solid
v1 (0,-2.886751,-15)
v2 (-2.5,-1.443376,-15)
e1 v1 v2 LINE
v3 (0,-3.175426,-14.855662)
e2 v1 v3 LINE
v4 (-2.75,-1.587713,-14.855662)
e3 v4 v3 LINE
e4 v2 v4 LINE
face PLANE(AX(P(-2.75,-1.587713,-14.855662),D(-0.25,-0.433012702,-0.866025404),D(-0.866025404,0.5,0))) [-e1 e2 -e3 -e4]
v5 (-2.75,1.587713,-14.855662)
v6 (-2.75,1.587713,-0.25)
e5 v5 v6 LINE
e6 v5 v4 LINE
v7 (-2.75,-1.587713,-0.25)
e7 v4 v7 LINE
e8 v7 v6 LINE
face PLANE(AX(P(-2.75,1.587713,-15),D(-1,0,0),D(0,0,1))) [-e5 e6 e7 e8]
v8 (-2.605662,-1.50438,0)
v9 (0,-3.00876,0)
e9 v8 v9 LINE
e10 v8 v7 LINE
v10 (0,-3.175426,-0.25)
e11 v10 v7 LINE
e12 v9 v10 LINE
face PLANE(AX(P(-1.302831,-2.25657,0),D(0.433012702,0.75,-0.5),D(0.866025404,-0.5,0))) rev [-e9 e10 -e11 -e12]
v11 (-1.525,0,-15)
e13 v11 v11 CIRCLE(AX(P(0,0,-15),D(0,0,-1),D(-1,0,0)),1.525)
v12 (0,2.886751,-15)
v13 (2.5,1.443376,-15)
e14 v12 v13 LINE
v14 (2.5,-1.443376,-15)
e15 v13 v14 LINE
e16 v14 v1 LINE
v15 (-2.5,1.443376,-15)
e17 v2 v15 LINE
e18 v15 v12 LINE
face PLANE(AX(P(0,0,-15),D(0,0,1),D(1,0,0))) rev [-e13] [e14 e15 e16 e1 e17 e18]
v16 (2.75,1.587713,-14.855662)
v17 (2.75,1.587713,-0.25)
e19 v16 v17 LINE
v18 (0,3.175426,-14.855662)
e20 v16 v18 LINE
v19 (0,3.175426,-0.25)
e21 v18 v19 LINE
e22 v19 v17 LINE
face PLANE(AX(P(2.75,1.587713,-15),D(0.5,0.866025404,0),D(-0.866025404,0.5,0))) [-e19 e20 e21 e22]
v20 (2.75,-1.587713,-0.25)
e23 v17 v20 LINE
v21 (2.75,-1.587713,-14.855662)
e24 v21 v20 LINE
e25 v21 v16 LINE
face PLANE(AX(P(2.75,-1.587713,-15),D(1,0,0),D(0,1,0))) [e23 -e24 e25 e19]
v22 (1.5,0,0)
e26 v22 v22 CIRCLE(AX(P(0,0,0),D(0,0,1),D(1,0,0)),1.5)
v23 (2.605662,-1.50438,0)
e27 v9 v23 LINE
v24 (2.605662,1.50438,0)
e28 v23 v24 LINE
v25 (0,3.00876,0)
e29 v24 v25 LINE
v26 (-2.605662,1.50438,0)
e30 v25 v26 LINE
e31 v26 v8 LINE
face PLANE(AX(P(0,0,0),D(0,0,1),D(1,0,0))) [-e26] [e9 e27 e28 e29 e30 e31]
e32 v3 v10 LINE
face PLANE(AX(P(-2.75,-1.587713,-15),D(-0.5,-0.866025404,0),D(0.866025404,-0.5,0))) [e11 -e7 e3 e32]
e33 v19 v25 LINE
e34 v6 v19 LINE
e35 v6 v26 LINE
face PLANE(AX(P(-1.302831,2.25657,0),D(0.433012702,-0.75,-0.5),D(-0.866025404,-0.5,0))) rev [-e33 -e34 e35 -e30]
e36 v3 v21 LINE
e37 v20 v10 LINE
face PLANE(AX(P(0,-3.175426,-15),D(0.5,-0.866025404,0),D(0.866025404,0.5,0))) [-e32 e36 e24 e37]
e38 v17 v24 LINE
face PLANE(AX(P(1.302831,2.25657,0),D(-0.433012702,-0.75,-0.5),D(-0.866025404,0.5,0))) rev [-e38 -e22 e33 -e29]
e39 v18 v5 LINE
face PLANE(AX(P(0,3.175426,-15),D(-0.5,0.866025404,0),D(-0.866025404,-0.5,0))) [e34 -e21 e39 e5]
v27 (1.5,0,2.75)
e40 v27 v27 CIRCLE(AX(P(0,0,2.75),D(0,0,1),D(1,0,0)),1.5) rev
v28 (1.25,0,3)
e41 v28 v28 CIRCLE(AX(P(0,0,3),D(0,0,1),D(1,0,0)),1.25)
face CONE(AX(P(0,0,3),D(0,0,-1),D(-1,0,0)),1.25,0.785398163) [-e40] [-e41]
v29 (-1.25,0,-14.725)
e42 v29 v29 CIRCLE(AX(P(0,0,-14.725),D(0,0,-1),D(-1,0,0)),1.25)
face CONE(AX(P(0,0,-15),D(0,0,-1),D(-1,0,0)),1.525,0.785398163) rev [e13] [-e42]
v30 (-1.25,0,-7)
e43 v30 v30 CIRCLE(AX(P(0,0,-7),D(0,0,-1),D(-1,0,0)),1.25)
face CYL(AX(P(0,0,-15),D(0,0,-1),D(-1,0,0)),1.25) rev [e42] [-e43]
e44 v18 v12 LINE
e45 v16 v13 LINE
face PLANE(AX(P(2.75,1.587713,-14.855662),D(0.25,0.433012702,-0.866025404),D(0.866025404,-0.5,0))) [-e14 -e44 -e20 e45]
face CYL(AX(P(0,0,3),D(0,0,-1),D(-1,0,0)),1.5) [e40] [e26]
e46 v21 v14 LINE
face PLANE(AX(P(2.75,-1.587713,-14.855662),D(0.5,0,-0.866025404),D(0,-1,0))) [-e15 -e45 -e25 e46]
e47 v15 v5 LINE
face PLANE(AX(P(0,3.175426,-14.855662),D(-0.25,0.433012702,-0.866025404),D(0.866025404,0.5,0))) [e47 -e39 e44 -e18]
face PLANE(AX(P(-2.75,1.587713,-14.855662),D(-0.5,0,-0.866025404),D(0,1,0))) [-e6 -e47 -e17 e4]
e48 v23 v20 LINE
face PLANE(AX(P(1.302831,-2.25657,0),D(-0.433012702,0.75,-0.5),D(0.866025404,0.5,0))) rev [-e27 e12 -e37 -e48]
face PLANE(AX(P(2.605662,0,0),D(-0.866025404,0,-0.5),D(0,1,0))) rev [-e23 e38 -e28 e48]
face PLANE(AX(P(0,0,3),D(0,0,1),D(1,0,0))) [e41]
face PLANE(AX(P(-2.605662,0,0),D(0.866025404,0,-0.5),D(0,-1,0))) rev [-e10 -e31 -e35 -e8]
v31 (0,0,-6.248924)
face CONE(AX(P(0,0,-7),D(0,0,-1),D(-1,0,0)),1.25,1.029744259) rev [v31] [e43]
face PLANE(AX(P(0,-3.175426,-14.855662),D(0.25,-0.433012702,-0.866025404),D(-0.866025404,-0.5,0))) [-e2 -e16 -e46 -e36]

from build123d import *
from OCP.BRepFilletAPI import BRepFilletAPI_MakeChamfer

# Parameters (mm, degrees)
EXTRUDE_1_DEPTH      = 15
M3X0_5_1_D           = 2.5
M3X0_5_1_DEPTH       = 8
M3X0_5_1_CSINK_D     = 3.05
M3X0_5_1_CSINK_ANGLE = 90
M3X0_5_1_TIP         = 0.751075774
SKETCH_4_R           = 1.5
EXTRUDE_2_DEPTH      = 3
CHAMFER_1_SIZE       = 0.25
CHAMFER_2_SIZE       = 0.25
CHAMFER_2_SIZE2      = 0.144337567


with BuildPart() as part:
    # ｽｹｯﾁ1 → ﾎﾞｽ - 押し出し1 (new body)
    with BuildSketch(Plane.XY):
        Polygon((-2.75, 1.58771324), (-2.75, -1.58771324), (0, -3.175426481), (2.75, -1.58771324), (2.75, 1.58771324), (0, 3.175426481), align=None)
    extrude(amount=-EXTRUDE_1_DEPTH)

    # M3x0.5 ねじ穴1
    with Locations(Plane(origin=(0, 0, -15), x_dir=(-1, 0, 0), z_dir=(0, 0, -1))):
        with Locations((0, 0)):
            CounterSinkHole(M3X0_5_1_D / 2, M3X0_5_1_CSINK_D / 2, depth=M3X0_5_1_DEPTH, counter_sink_angle=M3X0_5_1_CSINK_ANGLE)
            with Locations((0, 0, -(M3X0_5_1_DEPTH + M3X0_5_1_TIP / 2))):  # 118° drill point
                Cone(0, M3X0_5_1_D / 2, M3X0_5_1_TIP, mode=Mode.SUBTRACT)

    # ｽｹｯﾁ4 → ﾎﾞｽ - 押し出し2 (add)
    with BuildSketch(Plane.XY):
        Circle(SKETCH_4_R)
    extrude(amount=EXTRUDE_2_DEPTH)

    # 面取り1
    chamfer_1_edges = [part.edges().sort_by_distance(p)[0] for p in [
        (-1.5, 0, 3),
    ]]
    chamfer(chamfer_1_edges, length=CHAMFER_1_SIZE)

    # 面取り2: one chamfer whose edges measure the first distance from different faces: ONE call of the kernel's chamfer builder (chamfer() names one face for all edges)
    chamfer_2_edges_1 = [part.edges().sort_by_distance(p)[0] for p in [
        (-1.375, -2.38156986, -15),
        (1.375, -2.38156986, -15),
        (2.75, 0, -15),
        (1.375, 2.38156986, -15),
        (-1.375, 2.38156986, -15),
        (-2.75, 0, -15),
    ]]
    chamfer_2_side_1 = [part.faces().sort_by_distance(p)[0] for p in [
        (-2.665986112, 0, -15),
    ]]
    chamfer_2_edges_2 = [part.edges().sort_by_distance(p)[0] for p in [
        (1.375, 2.38156986, 0),
    ]]
    chamfer_2_side_2 = [part.faces().sort_by_distance(p)[0] for p in [
        (1.375, 2.38156986, -7.5),
    ]]
    chamfer_2_edges_3 = [part.edges().sort_by_distance(p)[0] for p in [
        (2.75, 0, 0),
    ]]
    chamfer_2_side_3 = [part.faces().sort_by_distance(p)[0] for p in [
        (2.75, 0, -7.5),
    ]]
    chamfer_2_edges_4 = [part.edges().sort_by_distance(p)[0] for p in [
        (1.375, -2.38156986, 0),
    ]]
    chamfer_2_side_4 = [part.faces().sort_by_distance(p)[0] for p in [
        (1.375, -2.38156986, -7.5),
    ]]
    chamfer_2_edges_5 = [part.edges().sort_by_distance(p)[0] for p in [
        (-1.375, -2.38156986, 0),
    ]]
    chamfer_2_side_5 = [part.faces().sort_by_distance(p)[0] for p in [
        (-1.375, -2.38156986, -7.5),
    ]]
    chamfer_2_edges_6 = [part.edges().sort_by_distance(p)[0] for p in [
        (-2.75, 0, 0),
    ]]
    chamfer_2_side_6 = [part.faces().sort_by_distance(p)[0] for p in [
        (-2.75, 0, -7.5),
    ]]
    chamfer_2_edges_7 = [part.edges().sort_by_distance(p)[0] for p in [
        (-1.375, 2.38156986, 0),
    ]]
    chamfer_2_side_7 = [part.faces().sort_by_distance(p)[0] for p in [
        (-1.375, 2.38156986, -7.5),
    ]]
    chamfer_2 = BRepFilletAPI_MakeChamfer(part.part.solid().wrapped)
    for e in chamfer_2_edges_1:
        chamfer_2.Add(CHAMFER_2_SIZE, CHAMFER_2_SIZE2, e.wrapped, chamfer_2_side_1[0].wrapped)  # the first distance lies on this face
    for e in chamfer_2_edges_2:
        chamfer_2.Add(CHAMFER_2_SIZE, CHAMFER_2_SIZE2, e.wrapped, chamfer_2_side_2[0].wrapped)  # the first distance lies on this face
    for e in chamfer_2_edges_3:
        chamfer_2.Add(CHAMFER_2_SIZE, CHAMFER_2_SIZE2, e.wrapped, chamfer_2_side_3[0].wrapped)  # the first distance lies on this face
    for e in chamfer_2_edges_4:
        chamfer_2.Add(CHAMFER_2_SIZE, CHAMFER_2_SIZE2, e.wrapped, chamfer_2_side_4[0].wrapped)  # the first distance lies on this face
    for e in chamfer_2_edges_5:
        chamfer_2.Add(CHAMFER_2_SIZE, CHAMFER_2_SIZE2, e.wrapped, chamfer_2_side_5[0].wrapped)  # the first distance lies on this face
    for e in chamfer_2_edges_6:
        chamfer_2.Add(CHAMFER_2_SIZE, CHAMFER_2_SIZE2, e.wrapped, chamfer_2_side_6[0].wrapped)  # the first distance lies on this face
    for e in chamfer_2_edges_7:
        chamfer_2.Add(CHAMFER_2_SIZE, CHAMFER_2_SIZE2, e.wrapped, chamfer_2_side_7[0].wrapped)  # the first distance lies on this face
    add(Compound.cast(chamfer_2.Shape()), mode=Mode.REPLACE)


solid = part.part
